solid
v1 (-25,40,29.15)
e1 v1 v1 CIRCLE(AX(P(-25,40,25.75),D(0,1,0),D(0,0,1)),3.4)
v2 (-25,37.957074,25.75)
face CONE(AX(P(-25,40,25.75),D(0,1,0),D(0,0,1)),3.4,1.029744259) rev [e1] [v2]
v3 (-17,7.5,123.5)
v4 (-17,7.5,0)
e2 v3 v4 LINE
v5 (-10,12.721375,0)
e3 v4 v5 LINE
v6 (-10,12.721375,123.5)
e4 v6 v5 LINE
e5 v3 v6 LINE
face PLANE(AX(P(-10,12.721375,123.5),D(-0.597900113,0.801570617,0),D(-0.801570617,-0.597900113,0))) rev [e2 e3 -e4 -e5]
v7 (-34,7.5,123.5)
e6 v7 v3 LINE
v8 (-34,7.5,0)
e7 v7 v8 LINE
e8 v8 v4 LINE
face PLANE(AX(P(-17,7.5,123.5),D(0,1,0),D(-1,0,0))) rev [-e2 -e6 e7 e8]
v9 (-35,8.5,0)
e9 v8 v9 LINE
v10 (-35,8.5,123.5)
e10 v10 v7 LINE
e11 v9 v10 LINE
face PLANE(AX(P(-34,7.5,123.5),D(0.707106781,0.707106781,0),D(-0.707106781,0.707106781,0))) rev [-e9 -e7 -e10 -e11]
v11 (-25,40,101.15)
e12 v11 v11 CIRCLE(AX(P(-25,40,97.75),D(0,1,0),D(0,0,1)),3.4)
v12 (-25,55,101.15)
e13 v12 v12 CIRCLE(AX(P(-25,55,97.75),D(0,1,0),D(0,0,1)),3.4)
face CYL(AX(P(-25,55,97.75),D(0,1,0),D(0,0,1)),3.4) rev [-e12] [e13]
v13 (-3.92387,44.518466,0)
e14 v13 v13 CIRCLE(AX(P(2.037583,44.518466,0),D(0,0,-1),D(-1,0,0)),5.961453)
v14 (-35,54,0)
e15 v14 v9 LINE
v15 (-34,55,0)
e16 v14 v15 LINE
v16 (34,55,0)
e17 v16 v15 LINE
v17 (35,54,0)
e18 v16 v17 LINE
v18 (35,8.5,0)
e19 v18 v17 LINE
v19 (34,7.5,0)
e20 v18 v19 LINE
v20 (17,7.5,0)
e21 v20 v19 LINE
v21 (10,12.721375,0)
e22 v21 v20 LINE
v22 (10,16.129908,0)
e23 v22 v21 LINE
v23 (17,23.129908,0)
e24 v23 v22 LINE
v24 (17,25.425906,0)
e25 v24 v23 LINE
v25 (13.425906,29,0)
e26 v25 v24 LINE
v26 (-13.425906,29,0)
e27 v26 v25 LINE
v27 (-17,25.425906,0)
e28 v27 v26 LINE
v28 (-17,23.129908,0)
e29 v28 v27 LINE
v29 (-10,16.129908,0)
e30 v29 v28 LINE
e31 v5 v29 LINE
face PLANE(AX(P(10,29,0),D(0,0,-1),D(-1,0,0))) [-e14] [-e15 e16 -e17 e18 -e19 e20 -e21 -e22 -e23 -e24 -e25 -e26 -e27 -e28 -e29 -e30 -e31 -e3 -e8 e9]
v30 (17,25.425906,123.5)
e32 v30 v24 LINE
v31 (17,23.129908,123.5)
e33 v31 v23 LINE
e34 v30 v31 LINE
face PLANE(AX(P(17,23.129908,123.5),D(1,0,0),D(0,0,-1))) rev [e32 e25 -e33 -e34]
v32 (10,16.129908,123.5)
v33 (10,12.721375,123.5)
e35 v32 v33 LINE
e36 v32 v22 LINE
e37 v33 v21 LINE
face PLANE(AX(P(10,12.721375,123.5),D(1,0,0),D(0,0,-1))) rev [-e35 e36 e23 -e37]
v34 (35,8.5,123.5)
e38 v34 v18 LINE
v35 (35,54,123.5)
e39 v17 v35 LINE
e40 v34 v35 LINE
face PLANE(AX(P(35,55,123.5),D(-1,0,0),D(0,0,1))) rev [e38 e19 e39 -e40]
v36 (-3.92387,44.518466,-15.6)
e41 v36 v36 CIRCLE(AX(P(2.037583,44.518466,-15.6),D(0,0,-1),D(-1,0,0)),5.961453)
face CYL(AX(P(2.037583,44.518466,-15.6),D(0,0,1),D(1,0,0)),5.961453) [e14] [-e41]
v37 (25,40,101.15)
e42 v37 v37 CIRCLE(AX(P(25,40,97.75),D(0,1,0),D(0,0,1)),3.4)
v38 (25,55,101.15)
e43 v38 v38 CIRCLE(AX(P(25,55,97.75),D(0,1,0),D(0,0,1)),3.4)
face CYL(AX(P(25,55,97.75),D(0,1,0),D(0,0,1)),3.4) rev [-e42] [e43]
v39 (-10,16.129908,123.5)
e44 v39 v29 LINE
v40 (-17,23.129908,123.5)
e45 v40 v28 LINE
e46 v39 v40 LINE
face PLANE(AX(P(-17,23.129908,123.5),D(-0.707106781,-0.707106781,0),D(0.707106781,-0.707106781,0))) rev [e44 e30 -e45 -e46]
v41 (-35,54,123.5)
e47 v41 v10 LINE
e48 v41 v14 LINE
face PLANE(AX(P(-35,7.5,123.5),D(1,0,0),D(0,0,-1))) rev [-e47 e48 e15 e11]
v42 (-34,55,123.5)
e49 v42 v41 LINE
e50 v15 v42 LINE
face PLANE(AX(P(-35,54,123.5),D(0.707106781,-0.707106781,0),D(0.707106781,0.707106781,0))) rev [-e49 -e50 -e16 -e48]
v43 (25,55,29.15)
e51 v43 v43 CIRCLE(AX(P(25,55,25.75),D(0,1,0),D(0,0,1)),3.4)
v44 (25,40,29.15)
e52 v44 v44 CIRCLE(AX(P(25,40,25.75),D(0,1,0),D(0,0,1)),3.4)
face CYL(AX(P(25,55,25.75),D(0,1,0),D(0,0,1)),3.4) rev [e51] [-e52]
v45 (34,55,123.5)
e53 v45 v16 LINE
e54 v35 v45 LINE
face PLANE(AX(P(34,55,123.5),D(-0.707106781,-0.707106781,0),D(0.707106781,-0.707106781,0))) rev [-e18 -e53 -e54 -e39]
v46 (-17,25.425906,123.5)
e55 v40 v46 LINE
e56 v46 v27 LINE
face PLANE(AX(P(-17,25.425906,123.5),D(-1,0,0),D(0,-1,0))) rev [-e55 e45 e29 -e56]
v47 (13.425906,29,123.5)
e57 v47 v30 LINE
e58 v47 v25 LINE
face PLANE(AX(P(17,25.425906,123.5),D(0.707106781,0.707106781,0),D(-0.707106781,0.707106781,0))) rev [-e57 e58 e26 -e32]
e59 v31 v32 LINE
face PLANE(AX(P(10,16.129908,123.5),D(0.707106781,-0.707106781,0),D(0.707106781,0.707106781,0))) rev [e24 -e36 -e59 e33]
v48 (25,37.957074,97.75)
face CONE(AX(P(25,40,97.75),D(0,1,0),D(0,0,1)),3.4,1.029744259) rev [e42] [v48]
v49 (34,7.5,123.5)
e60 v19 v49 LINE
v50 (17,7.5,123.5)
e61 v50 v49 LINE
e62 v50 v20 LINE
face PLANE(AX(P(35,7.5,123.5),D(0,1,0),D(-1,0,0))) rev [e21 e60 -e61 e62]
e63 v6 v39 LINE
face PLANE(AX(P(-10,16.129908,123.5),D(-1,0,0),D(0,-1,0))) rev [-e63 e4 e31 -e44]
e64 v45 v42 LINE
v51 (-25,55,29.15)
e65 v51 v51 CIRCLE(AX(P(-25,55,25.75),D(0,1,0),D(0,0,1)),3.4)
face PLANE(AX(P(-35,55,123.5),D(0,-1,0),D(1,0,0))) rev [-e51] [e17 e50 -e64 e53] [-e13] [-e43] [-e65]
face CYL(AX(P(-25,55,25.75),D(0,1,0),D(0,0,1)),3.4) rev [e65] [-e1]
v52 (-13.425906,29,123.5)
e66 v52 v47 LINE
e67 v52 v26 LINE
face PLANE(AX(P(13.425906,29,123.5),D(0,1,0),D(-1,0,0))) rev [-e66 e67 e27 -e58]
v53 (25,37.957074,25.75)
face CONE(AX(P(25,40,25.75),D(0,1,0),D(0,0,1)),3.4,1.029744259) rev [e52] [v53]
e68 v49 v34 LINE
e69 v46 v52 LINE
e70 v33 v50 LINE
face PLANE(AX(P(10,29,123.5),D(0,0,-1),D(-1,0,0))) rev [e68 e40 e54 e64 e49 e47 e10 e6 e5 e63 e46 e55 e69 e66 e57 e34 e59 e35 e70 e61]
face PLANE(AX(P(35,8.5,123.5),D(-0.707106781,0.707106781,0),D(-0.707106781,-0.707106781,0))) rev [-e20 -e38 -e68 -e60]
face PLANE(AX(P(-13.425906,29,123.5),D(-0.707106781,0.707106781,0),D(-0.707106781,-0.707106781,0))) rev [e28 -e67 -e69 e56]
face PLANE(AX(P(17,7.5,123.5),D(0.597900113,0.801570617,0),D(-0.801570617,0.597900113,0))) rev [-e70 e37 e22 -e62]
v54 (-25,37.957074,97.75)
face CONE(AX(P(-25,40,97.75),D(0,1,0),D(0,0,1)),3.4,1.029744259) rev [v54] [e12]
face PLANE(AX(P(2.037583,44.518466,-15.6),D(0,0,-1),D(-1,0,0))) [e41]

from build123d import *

# Parameters (mm, degrees)
EXTRUDE_1_DEPTH        = 123.5
CHAMFER_1_SIZE         = 1
HOLE_WIZARD_M8_1_D     = 6.8
HOLE_WIZARD_M8_1_DEPTH = 15
HOLE_WIZARD_M8_1_TIP   = 2.042926105
SKETCH_5_R             = 5.961453201
EXTRUDE_2_DEPTH        = 15.6


with BuildPart() as part:
    # 草圖2 → 伸長1 (new body)
    with BuildSketch(Plane.XY):
        Polygon((-17, 7.5), (-35, 7.5), (-35, 55), (35, 55), (35, 7.5), (17, 7.5), (10, 12.721375014), (10, 16.129907798), (17, 23.129907798), (17, 25.4259063), (13.4259063, 29), (-13.4259063, 29), (-17, 25.4259063), (-17, 23.129907798), (-10, 16.129907798), (-10, 12.721375014), align=None)
    extrude(amount=EXTRUDE_1_DEPTH)

    # 導角1
    chamfer_1_edges = [part.edges().sort_by_distance(p)[0] for p in [
        (-35, 7.5, 61.75),
        (-35, 55, 61.75),
        (35, 55, 61.75),
        (35, 7.5, 61.75),
    ]]
    chamfer(chamfer_1_edges, length=CHAMFER_1_SIZE)

    # M8 螺紋孔1
    with Locations(Plane(origin=(0, 55, 0), x_dir=(-1, 0, 0), z_dir=(0, 1, 0))):
        with Locations((25, 97.75), (25, 25.75), (-25, 25.75), (-25, 97.75)):
            Hole(HOLE_WIZARD_M8_1_D / 2, depth=HOLE_WIZARD_M8_1_DEPTH)
            with Locations((0, 0, -(HOLE_WIZARD_M8_1_DEPTH + HOLE_WIZARD_M8_1_TIP / 2))):  # 118° drill point
                Cone(0, HOLE_WIZARD_M8_1_D / 2, HOLE_WIZARD_M8_1_TIP, mode=Mode.SUBTRACT)

    # 草圖5 → 伸長2 (add)
    with BuildSketch(Plane(origin=(0, 0, 0), x_dir=(-1, 0, 0), z_dir=(0, 0, -1))):
        with Locations((-2.037583141, 44.518465944)):
            Circle(SKETCH_5_R)
    extrude(amount=EXTRUDE_2_DEPTH)


solid = part.part
